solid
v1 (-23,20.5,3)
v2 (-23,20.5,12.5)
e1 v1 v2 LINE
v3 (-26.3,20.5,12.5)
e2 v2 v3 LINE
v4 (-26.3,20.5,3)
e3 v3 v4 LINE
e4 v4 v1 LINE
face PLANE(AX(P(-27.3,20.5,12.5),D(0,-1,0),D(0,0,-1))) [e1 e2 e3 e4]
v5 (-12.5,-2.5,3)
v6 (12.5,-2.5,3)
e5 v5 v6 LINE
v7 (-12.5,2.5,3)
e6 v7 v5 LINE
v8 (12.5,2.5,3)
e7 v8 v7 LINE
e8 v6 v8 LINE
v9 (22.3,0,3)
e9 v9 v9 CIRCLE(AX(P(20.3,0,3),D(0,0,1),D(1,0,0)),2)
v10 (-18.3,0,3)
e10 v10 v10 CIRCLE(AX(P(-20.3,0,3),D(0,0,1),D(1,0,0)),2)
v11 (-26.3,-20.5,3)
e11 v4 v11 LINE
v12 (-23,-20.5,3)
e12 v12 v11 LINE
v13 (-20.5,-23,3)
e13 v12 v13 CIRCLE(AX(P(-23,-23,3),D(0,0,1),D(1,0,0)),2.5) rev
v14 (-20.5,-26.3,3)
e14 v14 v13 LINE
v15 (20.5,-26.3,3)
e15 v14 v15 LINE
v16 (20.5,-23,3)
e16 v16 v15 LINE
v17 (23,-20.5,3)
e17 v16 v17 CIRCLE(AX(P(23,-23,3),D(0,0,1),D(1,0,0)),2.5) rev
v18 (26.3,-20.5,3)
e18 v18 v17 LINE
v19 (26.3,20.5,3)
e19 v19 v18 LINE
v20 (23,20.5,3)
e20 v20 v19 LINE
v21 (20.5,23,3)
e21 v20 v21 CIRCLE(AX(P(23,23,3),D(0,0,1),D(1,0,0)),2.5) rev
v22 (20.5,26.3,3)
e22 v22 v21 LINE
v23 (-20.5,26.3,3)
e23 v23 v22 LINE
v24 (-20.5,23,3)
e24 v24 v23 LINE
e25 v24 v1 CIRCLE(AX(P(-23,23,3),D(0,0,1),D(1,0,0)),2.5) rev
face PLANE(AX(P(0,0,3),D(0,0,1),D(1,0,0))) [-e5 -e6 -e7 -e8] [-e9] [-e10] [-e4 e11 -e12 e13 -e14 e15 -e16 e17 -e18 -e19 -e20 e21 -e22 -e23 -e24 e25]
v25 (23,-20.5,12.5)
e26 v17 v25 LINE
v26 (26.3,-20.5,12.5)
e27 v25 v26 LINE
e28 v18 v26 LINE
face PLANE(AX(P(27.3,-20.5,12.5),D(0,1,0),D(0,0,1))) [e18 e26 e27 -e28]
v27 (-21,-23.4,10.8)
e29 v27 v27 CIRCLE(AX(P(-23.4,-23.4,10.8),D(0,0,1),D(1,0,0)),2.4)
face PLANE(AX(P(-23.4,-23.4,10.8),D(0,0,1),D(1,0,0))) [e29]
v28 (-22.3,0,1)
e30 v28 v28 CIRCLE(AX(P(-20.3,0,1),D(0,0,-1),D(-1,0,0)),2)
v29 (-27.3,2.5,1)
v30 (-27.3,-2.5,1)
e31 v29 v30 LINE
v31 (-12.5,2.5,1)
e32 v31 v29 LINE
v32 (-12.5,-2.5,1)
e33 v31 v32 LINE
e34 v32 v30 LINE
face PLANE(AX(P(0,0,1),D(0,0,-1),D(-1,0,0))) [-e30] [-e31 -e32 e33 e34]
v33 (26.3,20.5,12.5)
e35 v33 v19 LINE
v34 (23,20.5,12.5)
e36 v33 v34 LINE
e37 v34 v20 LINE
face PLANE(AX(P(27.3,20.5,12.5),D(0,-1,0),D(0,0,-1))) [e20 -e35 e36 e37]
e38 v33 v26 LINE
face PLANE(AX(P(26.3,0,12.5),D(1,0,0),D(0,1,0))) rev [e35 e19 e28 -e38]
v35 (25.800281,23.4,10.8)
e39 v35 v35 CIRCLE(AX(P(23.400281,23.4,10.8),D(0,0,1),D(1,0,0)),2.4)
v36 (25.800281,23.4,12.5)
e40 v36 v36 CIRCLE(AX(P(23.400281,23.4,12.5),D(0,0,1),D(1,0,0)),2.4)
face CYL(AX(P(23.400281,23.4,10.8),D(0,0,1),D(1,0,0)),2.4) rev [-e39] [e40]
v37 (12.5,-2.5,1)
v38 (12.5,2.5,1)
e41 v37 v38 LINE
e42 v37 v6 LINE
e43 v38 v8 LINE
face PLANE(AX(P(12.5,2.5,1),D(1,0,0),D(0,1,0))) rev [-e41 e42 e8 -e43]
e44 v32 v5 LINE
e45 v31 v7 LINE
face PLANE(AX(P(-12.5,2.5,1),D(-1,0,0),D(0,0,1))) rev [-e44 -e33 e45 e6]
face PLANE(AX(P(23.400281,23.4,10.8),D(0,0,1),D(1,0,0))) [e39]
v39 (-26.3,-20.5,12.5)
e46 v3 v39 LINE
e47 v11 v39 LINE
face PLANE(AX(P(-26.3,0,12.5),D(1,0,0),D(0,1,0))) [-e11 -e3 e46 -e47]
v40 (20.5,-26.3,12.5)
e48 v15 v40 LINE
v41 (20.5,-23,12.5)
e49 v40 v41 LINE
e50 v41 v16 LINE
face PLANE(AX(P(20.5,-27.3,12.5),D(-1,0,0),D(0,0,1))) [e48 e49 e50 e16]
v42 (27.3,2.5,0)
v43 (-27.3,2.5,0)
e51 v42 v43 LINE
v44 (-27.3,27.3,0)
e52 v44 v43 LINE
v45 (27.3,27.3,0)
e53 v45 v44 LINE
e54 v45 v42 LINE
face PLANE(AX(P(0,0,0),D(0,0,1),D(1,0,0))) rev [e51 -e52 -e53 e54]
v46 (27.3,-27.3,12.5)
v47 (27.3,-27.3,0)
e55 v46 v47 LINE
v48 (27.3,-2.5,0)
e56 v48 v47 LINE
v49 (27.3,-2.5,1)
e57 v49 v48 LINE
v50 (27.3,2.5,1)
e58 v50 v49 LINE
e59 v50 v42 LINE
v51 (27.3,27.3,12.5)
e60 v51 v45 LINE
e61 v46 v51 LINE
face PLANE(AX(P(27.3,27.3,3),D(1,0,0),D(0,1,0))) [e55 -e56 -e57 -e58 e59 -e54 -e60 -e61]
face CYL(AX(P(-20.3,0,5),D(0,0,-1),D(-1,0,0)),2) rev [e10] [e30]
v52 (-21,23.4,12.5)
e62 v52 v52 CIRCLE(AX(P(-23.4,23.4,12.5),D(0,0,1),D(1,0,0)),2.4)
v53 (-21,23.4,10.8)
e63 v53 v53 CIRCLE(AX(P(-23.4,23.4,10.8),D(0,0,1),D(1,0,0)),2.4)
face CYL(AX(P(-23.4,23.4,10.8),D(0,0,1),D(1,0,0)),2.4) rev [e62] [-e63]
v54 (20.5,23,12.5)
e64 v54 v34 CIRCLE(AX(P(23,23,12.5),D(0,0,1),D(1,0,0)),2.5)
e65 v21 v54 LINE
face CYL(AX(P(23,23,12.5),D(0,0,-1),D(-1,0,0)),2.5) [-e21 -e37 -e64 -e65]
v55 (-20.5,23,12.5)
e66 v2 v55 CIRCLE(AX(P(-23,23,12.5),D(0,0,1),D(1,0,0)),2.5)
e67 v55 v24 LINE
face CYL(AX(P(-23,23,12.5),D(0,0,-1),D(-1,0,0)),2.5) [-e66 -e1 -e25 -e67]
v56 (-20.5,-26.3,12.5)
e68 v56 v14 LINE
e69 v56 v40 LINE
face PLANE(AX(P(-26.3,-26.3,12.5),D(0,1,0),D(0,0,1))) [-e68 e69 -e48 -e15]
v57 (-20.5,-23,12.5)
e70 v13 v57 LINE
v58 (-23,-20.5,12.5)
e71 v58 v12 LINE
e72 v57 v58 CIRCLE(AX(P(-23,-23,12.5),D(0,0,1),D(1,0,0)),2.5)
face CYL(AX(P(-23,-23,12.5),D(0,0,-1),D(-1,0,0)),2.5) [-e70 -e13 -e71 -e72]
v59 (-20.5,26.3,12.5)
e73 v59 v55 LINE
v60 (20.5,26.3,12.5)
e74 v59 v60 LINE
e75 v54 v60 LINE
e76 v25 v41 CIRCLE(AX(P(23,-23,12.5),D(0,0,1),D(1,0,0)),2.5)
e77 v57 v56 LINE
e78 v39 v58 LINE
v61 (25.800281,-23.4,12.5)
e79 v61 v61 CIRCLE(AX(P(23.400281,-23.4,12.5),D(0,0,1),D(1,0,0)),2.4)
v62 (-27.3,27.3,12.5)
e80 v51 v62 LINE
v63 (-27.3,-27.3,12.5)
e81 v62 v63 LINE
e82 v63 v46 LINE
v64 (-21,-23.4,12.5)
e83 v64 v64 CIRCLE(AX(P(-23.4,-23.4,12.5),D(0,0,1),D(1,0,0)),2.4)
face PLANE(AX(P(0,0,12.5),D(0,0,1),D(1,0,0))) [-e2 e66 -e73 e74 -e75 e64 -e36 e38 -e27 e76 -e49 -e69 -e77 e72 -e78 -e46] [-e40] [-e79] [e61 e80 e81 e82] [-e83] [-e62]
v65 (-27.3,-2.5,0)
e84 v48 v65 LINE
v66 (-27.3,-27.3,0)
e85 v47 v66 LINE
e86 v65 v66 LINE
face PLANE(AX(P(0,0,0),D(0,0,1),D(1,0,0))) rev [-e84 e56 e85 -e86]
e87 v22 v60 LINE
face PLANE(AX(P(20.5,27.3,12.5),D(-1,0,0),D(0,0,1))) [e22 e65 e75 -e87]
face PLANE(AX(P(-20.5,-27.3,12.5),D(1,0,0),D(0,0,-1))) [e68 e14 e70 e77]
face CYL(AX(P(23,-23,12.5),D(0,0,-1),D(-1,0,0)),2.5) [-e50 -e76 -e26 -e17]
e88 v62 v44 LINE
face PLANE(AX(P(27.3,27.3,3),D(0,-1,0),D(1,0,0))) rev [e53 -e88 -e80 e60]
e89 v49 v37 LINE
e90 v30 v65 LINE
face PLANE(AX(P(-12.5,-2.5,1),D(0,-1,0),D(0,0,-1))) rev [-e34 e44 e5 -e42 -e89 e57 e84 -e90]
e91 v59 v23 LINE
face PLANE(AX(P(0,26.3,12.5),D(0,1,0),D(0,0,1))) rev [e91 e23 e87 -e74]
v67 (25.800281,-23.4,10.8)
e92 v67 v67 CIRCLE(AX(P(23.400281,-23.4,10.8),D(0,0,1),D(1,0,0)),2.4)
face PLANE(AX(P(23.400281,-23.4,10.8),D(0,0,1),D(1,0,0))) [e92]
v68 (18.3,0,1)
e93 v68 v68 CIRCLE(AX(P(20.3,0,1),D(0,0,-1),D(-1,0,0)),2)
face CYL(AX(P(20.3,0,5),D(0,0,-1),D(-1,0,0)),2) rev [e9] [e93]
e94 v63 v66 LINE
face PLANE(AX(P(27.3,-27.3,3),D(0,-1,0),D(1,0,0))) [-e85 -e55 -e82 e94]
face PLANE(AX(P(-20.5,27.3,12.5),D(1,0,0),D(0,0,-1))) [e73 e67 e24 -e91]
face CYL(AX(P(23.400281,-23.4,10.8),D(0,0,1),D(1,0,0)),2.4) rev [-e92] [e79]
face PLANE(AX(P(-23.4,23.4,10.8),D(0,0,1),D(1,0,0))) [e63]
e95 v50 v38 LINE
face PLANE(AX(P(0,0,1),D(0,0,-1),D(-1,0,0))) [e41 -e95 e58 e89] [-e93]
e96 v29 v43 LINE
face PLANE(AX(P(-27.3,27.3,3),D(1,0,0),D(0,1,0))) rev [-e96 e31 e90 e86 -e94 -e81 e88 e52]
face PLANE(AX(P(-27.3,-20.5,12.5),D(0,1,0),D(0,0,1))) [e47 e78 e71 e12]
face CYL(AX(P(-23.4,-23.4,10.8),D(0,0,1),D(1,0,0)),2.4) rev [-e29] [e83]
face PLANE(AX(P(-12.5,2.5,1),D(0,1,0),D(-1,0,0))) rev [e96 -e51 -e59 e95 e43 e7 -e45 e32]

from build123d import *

# Parameters (mm, degrees)
SKICA1_W                 = 54.6
SKICA1_H                 = 54.6
P_IDAT_VYSUNUT_M2_DEPTH  = 3
SKICA4_W                 = 25
SKICA4_H                 = 5
ODEBRAT_VYSUNUT_M1_DEPTH = 2
SKICA5_W                 = 54.6
SKICA5_H                 = 5
ODEBRAT_VYSUNUT_M3_DEPTH = 1
SKICA14_W                = 52.6
SKICA14_H                = 1
P_IDAT_VYSUNUT_M9_DEPTH  = 9.5
SKICA17_R                = 2
ODEBRAT_VYSUNUT_M8_DEPTH = 4
SKICA19_W                = 6.8
SKICA19_H                = 6.8
P_IDAT_VYSUNUT_M10_DEPTH = 12.5
SKICA20_R                = 2.4
ODEBRAT_VYSUNUT_M9_DEPTH = 1.7
ZAOBLIT1_R               = 2.5


with BuildPart() as part:
    # Skica1 → Přidat vysunutím2 (new body)
    with BuildSketch(Plane.XY):
        Rectangle(SKICA1_W, SKICA1_H)
    extrude(amount=P_IDAT_VYSUNUT_M2_DEPTH)

    # Skica4 → Odebrat vysunutím1 (cut)
    with BuildSketch(Plane.XY.offset(3)):
        Rectangle(SKICA4_W, SKICA4_H)
    extrude(amount=-ODEBRAT_VYSUNUT_M1_DEPTH, mode=Mode.SUBTRACT)

    # Skica5 → Odebrat vysunutím3 (cut)
    with BuildSketch(Plane(origin=(0, 0, 0), x_dir=(-1, 0, 0), z_dir=(0, 0, -1))):
        Rectangle(SKICA5_W, SKICA5_H)
    extrude(amount=-ODEBRAT_VYSUNUT_M3_DEPTH, mode=Mode.SUBTRACT)

    # Skica14 → Přidat vysunutím9 (add)
    with BuildSketch(Plane.XY.offset(3)):
        Polygon((27.3, 27.3), (-27.3, 27.3), (-27.3, -27.3), (-26.3, -27.3), (-26.3, -26.3), (-26.3, 26.3), (26.3, 26.3), (26.3, -26.3), (26.3, -27.3), (27.3, -27.3), align=None)
        with Locations((0, -26.8)):
            Rectangle(SKICA14_W, SKICA14_H)
    extrude(amount=P_IDAT_VYSUNUT_M9_DEPTH)

    # Skica17 → Odebrat vysunutím8 (cut)
    with BuildSketch(Plane(origin=(0, 0, 1), x_dir=(-1, 0, 0), z_dir=(0, 0, -1))):
        with Locations((-20.3, 0)):
            Circle(SKICA17_R)
        with Locations((20.3, 0)):
            Circle(SKICA17_R)
    extrude(amount=-ODEBRAT_VYSUNUT_M8_DEPTH, mode=Mode.SUBTRACT)

    # Skica19 → Přidat vysunutím10 (add)
    with BuildSketch(Plane(origin=(0, 0, 0), x_dir=(-1, 0, 0), z_dir=(0, 0, -1))):
        with Locations((-23.9, 23.9)):
            Rectangle(SKICA19_W, SKICA19_H)
        with Locations((23.9, 23.9)):
            Rectangle(SKICA19_W, SKICA19_H)
        with Locations((-23.9, -23.9)):
            Rectangle(SKICA19_W, SKICA19_H)
        with Locations((23.9, -23.9)):
            Rectangle(SKICA19_W, SKICA19_H)
    extrude(amount=-P_IDAT_VYSUNUT_M10_DEPTH)

    # Skica20 → Odebrat vysunutím9 (cut)
    with BuildSketch(Plane.XY.offset(12.5)):
        with Locations((-23.4, -23.4)):
            Circle(SKICA20_R)
        with Locations((-23.4, 23.4)):
            Circle(SKICA20_R)
        with Locations((23.400280565, 23.4)):
            Circle(SKICA20_R)
        with Locations((23.400280565, -23.4)):
            Circle(SKICA20_R)
    extrude(amount=-ODEBRAT_VYSUNUT_M9_DEPTH, mode=Mode.SUBTRACT)

    # Zaoblit1
    zaoblit1_edges = [part.edges().sort_by_distance(p)[0] for p in [
        (-20.5, 20.5, 7.75),
        (20.5, -20.5, 7.75),
        (-20.5, -20.5, 7.75),
        (20.5, 20.5, 7.75),
    ]]
    fillet(zaoblit1_edges, radius=ZAOBLIT1_R)


solid = part.part
